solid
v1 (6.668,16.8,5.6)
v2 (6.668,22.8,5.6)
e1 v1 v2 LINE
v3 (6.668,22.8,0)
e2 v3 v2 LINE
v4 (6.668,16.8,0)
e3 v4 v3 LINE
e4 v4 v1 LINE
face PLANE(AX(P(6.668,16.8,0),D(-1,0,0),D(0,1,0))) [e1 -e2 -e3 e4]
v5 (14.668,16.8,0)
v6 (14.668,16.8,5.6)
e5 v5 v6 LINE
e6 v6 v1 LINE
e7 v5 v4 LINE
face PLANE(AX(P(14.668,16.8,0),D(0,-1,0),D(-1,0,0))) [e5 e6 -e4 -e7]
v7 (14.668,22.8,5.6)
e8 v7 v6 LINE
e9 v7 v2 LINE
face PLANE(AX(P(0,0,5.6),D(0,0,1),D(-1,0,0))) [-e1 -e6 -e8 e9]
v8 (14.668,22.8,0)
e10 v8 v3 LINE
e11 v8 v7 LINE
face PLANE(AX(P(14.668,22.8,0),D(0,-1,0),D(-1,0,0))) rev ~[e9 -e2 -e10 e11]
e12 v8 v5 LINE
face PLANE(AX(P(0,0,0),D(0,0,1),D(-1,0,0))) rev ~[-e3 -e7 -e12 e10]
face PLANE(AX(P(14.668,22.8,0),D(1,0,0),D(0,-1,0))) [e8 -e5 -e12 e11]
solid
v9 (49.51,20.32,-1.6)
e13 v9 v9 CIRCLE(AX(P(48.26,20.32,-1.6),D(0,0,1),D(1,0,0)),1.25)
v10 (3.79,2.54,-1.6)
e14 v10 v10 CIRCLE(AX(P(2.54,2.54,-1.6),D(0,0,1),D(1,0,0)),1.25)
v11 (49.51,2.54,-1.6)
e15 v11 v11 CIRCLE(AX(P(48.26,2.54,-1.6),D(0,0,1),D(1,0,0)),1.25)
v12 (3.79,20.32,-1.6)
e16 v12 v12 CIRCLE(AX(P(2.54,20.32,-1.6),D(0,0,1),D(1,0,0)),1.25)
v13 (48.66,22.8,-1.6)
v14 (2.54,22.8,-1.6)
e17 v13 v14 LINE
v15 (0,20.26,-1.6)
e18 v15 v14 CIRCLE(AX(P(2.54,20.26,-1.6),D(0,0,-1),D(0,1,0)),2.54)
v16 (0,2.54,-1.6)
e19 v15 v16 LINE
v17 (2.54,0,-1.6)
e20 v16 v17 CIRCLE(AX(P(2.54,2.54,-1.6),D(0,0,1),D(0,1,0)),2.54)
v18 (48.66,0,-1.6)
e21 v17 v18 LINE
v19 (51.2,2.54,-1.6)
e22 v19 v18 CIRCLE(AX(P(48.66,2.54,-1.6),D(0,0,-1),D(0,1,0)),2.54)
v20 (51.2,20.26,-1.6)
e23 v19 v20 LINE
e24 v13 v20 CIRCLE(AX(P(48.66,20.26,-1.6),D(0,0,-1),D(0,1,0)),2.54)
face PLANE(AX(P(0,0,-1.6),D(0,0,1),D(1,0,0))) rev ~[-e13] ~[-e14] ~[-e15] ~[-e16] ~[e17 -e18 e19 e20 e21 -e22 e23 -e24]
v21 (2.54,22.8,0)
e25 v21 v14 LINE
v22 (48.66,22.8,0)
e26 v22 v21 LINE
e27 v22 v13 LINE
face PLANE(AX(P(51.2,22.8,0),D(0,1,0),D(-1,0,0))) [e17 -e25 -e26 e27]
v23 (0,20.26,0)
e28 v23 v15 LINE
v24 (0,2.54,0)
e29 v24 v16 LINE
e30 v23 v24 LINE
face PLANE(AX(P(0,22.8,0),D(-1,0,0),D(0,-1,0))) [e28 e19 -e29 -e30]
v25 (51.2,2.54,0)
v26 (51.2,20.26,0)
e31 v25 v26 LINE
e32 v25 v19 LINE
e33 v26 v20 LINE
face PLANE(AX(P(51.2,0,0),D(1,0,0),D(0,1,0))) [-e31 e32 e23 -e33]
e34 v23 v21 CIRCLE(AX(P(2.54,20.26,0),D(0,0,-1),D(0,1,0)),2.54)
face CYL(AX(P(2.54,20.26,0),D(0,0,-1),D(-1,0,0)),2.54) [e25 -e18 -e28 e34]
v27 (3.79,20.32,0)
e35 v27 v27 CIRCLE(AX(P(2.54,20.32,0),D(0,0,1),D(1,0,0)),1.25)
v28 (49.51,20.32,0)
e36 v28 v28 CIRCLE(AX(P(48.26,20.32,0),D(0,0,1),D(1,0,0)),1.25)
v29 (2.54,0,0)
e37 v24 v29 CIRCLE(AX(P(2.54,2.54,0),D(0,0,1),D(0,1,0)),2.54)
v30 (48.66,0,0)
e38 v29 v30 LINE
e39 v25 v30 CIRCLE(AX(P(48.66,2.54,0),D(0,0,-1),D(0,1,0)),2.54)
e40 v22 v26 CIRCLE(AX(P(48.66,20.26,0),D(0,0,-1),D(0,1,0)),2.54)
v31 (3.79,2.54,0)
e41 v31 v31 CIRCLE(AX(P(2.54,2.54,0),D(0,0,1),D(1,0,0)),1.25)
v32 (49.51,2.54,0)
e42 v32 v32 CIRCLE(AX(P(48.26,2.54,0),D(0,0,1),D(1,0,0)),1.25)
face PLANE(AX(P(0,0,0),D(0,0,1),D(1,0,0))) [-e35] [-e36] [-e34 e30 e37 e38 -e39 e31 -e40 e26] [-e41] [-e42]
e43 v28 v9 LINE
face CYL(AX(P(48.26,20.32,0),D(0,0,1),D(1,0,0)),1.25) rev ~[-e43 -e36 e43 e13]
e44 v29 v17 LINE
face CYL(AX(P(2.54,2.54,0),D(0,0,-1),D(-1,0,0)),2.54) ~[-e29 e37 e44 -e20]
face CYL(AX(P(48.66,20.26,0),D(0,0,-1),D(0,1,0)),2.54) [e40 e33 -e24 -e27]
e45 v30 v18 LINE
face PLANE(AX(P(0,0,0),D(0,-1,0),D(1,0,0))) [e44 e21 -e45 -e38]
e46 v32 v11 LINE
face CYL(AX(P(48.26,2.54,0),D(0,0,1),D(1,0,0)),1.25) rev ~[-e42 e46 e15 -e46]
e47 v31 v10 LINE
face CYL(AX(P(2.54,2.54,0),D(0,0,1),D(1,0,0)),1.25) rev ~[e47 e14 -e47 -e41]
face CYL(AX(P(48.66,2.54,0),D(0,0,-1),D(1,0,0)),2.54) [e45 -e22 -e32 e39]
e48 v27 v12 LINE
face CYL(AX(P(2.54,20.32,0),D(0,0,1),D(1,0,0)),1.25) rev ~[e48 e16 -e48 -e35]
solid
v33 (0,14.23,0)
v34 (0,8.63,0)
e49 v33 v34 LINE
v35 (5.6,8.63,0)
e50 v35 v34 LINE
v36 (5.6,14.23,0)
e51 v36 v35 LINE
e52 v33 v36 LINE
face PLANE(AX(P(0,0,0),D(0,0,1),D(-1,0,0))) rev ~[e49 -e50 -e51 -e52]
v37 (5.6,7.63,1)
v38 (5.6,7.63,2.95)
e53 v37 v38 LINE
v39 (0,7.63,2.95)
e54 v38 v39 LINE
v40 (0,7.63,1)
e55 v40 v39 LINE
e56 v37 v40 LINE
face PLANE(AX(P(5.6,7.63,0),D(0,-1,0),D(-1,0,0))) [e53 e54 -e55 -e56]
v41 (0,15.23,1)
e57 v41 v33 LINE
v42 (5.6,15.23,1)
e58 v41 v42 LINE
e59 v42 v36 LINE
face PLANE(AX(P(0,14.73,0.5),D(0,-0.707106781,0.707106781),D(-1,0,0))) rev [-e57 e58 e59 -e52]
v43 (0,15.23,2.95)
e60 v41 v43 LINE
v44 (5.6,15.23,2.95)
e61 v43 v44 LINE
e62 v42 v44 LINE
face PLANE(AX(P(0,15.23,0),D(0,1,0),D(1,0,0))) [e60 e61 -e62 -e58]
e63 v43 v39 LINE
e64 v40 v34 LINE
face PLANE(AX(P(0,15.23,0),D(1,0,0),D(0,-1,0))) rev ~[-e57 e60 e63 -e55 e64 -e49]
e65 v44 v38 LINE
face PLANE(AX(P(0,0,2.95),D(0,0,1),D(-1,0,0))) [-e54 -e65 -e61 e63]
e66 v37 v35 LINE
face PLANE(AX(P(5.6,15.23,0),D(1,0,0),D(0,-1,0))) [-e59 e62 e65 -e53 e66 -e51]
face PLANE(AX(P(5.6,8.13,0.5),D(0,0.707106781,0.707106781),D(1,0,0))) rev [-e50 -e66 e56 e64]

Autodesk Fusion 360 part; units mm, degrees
sketch "pcb" plane through (0, 0, 0) normal (0, 0, 1) x (1, 0, 0)
  line L0 (0, 0) -> (51.2, 0)
  line L1 (51.2, 0) -> (51.2, 22.8)
  line L2 (51.2, 22.8) -> (0, 22.8)
  line L3 (0, 22.8) -> (0, 0)
  circle A0 centre (2.54, 2.54) radius 1.25
  circle A1 centre (2.54, 20.32) radius 1.25
  circle A2 centre (48.26, 20.32) radius 1.25
  circle A3 centre (48.26, 2.54) radius 1.25
  dimension "d1" = 51.2
  dimension "d2" = 22.8
  dimension "d3" = 2.5
  dimension "d4" = 2.54
  dimension "d5" = 2.54
  dimension "d6" = 2.5
  dimension "d7" = 2.54
  dimension "d8" = 20.32
  dimension "d9" = 2.5
  dimension "d10" = 48.26
  dimension "d11" = 20.32
  dimension "d12" = 2.5
  dimension "d13" = 2.54
  dimension "d14" = 48.26
extrude "Extrude1" add sketch "pcb" against normal blind 1.6 makes body 1
fillet "Fillet1" radius 2.54 4 edges at (0, 0, -0.8) (0, 22.8, -0.8) (51.2, 0, -0.8) (51.2, 22.8, -0.8) on bodies 1
sketch "microusb" plane through (0, 0, 0) normal (0, 0, 1) x (-1, 0, 0)
  arc A0 (-51.2, -20.26) -> (-48.66, -22.8) centre (-48.66, -20.26) ccw
  line L0 (-48.66, -22.8) -> (-2.54, -22.8)
  arc A1 (-2.54, -22.8) -> (0, -20.26) centre (-2.54, -20.26) ccw
  line L1 (0, -20.26) -> (0, -2.54)
  arc A2 (0, -2.54) -> (-2.54, 0) centre (-2.54, -2.54) ccw
  line L2 (-2.54, 0) -> (-48.66, 0)
  arc A3 (-48.66, 0) -> (-51.2, -2.54) centre (-48.66, -2.54) ccw
  line L3 (-51.2, -2.54) -> (-51.2, -20.26)
  circle A4 centre (-2.54, -2.54) radius 1.25
  circle A5 centre (-48.26, -20.32) radius 1.25
  circle A6 centre (-48.26, -2.54) radius 1.25
  circle A7 centre (-2.54, -20.32) radius 1.25
  line L4 (0, -15.23) -> (-5.6, -15.23)
  line L5 (-5.6, -15.23) -> (-5.6, -7.63)
  line L6 (-5.6, -7.63) -> (0, -7.63)
  line L7 (0, -7.63) -> (0, -15.23)
  line L8 (-5.6, -11.43) -> (0, -11.43) construction
  dimension "d18" = 7.6
  dimension "d19" = 5.6
  dimension "d20" = 11.43
extrude "Extrude2" add sketch "microusb" along normal blind 2.95 separate body contours L1 L4 L5 L6 L7 makes body 2
chamfer "Chamfer1" distance 1 angle 45 2 edges at (2.8, 15.23, 0) (2.8, 7.63, 0) on bodies 2
sketch "jst" plane through (0, 0, 0) normal (0, 0, 1) x (-1, 0, 0)
  arc A0 (-51.2, -20.26) -> (-48.66, -22.8) centre (-48.66, -20.26) ccw
  line L0 (-48.66, -22.8) -> (-2.54, -22.8)
  arc A1 (-2.54, -22.8) -> (0, -20.26) centre (-2.54, -20.26) ccw
  line L1 (0, -20.26) -> (0, -2.54)
  arc A2 (0, -2.54) -> (-2.54, 0) centre (-2.54, -2.54) ccw
  line L2 (-2.54, 0) -> (-48.66, 0)
  arc A3 (-48.66, 0) -> (-51.2, -2.54) centre (-48.66, -2.54) ccw
  line L3 (-51.2, -2.54) -> (-51.2, -20.26)
  circle A4 centre (-2.54, -2.54) radius 1.25
  circle A5 centre (-48.26, -20.32) radius 1.25
  circle A6 centre (-48.26, -2.54) radius 1.25
  circle A7 centre (-2.54, -20.32) radius 1.25
  line L4 (-6.668, -22.8) -> (-14.668, -22.8)
  line L5 (-14.668, -22.8) -> (-14.668, -16.8)
  line L6 (-14.668, -16.8) -> (-6.668, -16.8)
  line L7 (-6.668, -16.8) -> (-6.668, -22.8)
  line L8 (-10.668, -22.8) -> (-10.668, -16.8) construction
  dimension "d24" = 8
  dimension "d25" = 6
  dimension "d26" = 10.668
extrude "Extrude3" add sketch "jst" along normal blind 5.6 separate body contours L0 L4 L5 L6 L7 makes body 3
